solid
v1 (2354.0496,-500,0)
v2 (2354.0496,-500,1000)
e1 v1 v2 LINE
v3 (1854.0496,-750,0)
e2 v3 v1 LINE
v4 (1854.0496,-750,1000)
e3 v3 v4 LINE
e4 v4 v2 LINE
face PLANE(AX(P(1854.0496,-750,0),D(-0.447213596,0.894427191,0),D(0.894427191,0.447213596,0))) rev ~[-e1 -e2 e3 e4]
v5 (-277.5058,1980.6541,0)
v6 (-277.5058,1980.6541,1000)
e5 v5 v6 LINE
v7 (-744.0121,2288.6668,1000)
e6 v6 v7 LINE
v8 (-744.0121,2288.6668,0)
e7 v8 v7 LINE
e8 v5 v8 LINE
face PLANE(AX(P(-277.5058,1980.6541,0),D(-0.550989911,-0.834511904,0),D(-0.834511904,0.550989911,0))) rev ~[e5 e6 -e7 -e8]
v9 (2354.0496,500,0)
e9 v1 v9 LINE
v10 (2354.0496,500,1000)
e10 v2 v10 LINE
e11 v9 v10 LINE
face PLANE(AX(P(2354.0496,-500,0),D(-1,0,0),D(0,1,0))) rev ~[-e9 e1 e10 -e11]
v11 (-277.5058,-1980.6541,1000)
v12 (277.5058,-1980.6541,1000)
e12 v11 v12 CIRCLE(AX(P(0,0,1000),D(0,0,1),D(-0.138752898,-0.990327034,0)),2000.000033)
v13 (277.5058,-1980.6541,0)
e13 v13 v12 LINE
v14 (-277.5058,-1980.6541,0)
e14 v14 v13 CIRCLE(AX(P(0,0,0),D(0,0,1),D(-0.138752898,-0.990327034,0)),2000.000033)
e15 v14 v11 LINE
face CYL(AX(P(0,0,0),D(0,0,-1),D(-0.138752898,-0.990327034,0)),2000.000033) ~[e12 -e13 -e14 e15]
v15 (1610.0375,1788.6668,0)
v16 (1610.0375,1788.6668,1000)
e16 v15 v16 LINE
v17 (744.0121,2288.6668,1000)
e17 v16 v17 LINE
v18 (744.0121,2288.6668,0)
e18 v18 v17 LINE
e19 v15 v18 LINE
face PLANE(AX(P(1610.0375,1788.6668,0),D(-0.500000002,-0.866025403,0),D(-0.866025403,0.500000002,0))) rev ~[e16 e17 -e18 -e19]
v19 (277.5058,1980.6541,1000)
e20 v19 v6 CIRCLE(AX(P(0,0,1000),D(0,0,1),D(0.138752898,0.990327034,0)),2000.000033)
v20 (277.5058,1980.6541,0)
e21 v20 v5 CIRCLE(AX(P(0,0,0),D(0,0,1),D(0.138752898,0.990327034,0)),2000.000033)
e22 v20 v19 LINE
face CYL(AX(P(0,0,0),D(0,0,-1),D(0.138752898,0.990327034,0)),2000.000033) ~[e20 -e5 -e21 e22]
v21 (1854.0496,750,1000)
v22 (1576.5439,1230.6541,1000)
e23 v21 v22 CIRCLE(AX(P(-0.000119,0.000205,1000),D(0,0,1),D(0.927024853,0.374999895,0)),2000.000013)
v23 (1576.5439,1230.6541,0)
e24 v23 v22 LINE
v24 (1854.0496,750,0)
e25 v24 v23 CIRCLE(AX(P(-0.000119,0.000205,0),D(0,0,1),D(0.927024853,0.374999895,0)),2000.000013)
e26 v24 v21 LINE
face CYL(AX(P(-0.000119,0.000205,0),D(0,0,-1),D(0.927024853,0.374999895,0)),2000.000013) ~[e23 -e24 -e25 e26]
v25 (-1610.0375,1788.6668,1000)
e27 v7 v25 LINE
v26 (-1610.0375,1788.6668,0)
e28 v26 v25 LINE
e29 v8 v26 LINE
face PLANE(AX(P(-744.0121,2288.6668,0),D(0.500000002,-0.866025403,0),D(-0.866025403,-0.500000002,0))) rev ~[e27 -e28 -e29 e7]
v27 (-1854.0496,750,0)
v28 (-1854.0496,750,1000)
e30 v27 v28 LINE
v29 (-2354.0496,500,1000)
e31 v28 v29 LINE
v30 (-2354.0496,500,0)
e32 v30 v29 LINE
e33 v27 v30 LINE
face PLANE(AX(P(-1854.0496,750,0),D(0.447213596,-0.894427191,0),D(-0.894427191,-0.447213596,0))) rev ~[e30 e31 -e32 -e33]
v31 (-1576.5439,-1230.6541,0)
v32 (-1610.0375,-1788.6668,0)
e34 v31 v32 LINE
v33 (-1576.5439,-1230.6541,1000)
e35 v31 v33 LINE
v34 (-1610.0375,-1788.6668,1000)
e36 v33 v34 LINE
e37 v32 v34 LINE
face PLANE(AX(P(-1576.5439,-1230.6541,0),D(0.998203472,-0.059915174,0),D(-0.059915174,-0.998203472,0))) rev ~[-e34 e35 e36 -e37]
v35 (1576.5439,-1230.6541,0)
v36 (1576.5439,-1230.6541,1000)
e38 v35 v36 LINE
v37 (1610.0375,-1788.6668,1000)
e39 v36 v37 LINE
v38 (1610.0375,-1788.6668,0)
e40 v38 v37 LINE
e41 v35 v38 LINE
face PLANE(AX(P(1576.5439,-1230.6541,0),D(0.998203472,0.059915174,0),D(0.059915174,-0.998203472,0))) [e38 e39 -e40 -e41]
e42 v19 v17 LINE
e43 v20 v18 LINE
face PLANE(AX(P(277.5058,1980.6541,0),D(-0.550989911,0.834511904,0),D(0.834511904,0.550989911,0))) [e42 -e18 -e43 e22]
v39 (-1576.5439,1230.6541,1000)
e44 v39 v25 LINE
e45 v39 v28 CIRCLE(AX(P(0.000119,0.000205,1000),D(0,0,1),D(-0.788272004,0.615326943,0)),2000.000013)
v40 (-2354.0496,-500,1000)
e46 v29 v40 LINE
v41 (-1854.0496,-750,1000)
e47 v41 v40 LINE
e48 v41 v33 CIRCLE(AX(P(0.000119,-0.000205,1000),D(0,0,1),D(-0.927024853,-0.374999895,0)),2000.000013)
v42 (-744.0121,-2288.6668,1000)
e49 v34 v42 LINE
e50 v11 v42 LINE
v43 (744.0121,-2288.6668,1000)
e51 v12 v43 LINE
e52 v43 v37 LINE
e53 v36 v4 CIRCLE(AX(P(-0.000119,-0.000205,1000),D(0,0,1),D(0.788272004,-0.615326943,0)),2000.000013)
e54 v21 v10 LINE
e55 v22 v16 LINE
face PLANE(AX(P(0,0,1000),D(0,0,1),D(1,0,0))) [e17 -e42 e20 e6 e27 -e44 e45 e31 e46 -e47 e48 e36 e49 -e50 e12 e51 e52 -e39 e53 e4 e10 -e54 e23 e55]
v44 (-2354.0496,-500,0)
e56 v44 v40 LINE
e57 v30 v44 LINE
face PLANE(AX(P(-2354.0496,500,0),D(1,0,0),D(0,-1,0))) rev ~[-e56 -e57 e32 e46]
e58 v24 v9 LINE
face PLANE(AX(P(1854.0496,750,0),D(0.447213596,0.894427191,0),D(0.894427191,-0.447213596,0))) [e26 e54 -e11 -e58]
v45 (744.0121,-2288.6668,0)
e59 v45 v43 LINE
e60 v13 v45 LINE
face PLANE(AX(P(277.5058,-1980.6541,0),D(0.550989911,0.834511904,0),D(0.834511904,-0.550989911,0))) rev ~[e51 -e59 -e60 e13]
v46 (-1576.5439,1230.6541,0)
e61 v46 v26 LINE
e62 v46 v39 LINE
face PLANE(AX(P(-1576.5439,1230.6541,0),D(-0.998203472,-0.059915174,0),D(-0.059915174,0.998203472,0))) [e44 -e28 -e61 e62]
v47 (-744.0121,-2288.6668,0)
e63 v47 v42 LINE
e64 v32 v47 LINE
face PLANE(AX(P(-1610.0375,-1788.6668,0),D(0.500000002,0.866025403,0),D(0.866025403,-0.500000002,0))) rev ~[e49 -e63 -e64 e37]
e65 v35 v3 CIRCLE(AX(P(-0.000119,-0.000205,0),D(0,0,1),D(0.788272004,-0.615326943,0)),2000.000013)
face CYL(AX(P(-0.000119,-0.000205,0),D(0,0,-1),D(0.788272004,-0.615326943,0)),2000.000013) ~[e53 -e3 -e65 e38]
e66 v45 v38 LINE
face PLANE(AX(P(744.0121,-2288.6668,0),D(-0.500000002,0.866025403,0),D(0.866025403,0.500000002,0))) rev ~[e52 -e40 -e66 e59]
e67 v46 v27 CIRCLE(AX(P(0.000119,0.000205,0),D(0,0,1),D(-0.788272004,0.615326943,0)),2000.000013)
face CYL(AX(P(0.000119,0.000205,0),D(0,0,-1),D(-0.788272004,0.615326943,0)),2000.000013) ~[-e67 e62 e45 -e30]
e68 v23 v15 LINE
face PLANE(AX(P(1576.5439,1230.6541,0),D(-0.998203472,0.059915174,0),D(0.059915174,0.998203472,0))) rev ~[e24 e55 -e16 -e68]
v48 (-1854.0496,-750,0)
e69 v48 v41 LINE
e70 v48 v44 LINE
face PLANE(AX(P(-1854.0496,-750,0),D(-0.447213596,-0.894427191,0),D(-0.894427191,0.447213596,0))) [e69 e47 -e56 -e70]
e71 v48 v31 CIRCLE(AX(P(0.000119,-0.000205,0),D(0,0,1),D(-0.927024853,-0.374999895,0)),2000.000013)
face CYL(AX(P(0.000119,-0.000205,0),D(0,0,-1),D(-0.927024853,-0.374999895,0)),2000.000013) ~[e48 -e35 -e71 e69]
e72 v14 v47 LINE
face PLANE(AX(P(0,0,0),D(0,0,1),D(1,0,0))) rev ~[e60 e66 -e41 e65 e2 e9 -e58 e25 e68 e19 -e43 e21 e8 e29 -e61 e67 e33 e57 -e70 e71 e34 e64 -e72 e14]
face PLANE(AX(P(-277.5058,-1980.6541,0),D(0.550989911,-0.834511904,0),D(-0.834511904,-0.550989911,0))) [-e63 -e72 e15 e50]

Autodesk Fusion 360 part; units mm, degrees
sketch "スケッチ1" plane through (0, 0, 0) normal (0, 0, 1) x (1, 0, 0)
  line L0 (-2354.0496, 500) -> (-2354.0496, -500)
  line L1 (-1854.0496, -750) -> (-1854.0496, 750) construction
  line L2 (-1854.0496, 750) -> (-2354.0496, 500)
  line L3 (-1854.0496, -750) -> (-2354.0496, -500)
  line L4 (-1610.0375, -1788.6668) -> (-744.0121, -2288.6668)
  line L5 (-277.5058, -1980.6541) -> (-1576.5439, -1230.6541) construction
  line L6 (-1576.5439, -1230.6541) -> (-1610.0375, -1788.6668)
  line L7 (-277.5058, -1980.6541) -> (-744.0121, -2288.6668)
  line L8 (744.0121, -2288.6668) -> (1610.0375, -1788.6668)
  line L9 (1576.5439, -1230.6541) -> (277.5058, -1980.6541) construction
  line L10 (277.5058, -1980.6541) -> (744.0121, -2288.6668)
  line L11 (1576.5439, -1230.6541) -> (1610.0375, -1788.6668)
  line L12 (2354.0496, -500) -> (2354.0496, 500)
  line L13 (1854.0496, 750) -> (1854.0496, -750) construction
  line L14 (1854.0496, -750) -> (2354.0496, -500)
  line L15 (1854.0496, 750) -> (2354.0496, 500)
  line L16 (1610.0375, 1788.6668) -> (744.0121, 2288.6668)
  line L17 (277.5058, 1980.6541) -> (1576.5439, 1230.6541) construction
  line L18 (1576.5439, 1230.6541) -> (1610.0375, 1788.6668)
  line L19 (277.5058, 1980.6541) -> (744.0121, 2288.6668)
  line L20 (-744.0121, 2288.6668) -> (-1610.0375, 1788.6668)
  line L21 (-1576.5439, 1230.6541) -> (-277.5058, 1980.6541) construction
  line L22 (-277.5058, 1980.6541) -> (-744.0121, 2288.6668)
  line L23 (-1576.5439, 1230.6541) -> (-1610.0375, 1788.6668)
  arc A0 (-1576.5439, 1230.6541) -> (-1854.0496, 750) centre (0, 0) ccw
  arc A1 (277.5058, 1980.6541) -> (-277.5058, 1980.6541) centre (0, 0) ccw
  arc A2 (1854.0496, 750) -> (1576.5439, 1230.6541) centre (0, 0) ccw
  arc A3 (1576.5439, -1230.6541) -> (1854.0496, -750) centre (0, 0) ccw
  arc A4 (-1854.0496, -750) -> (-1576.5439, -1230.6541) centre (0, 0) ccw
  arc A5 (-277.5058, -1980.6541) -> (277.5058, -1980.6541) centre (0, 0) ccw
  dimension "d16" = 500
  dimension "d18" = 2000
  dimension "d19" = 1000
  dimension "d20" = 1500
  dimension "d22" = 360
extrude "押し出し1" add sketch "スケッチ1" along normal blind 1000
